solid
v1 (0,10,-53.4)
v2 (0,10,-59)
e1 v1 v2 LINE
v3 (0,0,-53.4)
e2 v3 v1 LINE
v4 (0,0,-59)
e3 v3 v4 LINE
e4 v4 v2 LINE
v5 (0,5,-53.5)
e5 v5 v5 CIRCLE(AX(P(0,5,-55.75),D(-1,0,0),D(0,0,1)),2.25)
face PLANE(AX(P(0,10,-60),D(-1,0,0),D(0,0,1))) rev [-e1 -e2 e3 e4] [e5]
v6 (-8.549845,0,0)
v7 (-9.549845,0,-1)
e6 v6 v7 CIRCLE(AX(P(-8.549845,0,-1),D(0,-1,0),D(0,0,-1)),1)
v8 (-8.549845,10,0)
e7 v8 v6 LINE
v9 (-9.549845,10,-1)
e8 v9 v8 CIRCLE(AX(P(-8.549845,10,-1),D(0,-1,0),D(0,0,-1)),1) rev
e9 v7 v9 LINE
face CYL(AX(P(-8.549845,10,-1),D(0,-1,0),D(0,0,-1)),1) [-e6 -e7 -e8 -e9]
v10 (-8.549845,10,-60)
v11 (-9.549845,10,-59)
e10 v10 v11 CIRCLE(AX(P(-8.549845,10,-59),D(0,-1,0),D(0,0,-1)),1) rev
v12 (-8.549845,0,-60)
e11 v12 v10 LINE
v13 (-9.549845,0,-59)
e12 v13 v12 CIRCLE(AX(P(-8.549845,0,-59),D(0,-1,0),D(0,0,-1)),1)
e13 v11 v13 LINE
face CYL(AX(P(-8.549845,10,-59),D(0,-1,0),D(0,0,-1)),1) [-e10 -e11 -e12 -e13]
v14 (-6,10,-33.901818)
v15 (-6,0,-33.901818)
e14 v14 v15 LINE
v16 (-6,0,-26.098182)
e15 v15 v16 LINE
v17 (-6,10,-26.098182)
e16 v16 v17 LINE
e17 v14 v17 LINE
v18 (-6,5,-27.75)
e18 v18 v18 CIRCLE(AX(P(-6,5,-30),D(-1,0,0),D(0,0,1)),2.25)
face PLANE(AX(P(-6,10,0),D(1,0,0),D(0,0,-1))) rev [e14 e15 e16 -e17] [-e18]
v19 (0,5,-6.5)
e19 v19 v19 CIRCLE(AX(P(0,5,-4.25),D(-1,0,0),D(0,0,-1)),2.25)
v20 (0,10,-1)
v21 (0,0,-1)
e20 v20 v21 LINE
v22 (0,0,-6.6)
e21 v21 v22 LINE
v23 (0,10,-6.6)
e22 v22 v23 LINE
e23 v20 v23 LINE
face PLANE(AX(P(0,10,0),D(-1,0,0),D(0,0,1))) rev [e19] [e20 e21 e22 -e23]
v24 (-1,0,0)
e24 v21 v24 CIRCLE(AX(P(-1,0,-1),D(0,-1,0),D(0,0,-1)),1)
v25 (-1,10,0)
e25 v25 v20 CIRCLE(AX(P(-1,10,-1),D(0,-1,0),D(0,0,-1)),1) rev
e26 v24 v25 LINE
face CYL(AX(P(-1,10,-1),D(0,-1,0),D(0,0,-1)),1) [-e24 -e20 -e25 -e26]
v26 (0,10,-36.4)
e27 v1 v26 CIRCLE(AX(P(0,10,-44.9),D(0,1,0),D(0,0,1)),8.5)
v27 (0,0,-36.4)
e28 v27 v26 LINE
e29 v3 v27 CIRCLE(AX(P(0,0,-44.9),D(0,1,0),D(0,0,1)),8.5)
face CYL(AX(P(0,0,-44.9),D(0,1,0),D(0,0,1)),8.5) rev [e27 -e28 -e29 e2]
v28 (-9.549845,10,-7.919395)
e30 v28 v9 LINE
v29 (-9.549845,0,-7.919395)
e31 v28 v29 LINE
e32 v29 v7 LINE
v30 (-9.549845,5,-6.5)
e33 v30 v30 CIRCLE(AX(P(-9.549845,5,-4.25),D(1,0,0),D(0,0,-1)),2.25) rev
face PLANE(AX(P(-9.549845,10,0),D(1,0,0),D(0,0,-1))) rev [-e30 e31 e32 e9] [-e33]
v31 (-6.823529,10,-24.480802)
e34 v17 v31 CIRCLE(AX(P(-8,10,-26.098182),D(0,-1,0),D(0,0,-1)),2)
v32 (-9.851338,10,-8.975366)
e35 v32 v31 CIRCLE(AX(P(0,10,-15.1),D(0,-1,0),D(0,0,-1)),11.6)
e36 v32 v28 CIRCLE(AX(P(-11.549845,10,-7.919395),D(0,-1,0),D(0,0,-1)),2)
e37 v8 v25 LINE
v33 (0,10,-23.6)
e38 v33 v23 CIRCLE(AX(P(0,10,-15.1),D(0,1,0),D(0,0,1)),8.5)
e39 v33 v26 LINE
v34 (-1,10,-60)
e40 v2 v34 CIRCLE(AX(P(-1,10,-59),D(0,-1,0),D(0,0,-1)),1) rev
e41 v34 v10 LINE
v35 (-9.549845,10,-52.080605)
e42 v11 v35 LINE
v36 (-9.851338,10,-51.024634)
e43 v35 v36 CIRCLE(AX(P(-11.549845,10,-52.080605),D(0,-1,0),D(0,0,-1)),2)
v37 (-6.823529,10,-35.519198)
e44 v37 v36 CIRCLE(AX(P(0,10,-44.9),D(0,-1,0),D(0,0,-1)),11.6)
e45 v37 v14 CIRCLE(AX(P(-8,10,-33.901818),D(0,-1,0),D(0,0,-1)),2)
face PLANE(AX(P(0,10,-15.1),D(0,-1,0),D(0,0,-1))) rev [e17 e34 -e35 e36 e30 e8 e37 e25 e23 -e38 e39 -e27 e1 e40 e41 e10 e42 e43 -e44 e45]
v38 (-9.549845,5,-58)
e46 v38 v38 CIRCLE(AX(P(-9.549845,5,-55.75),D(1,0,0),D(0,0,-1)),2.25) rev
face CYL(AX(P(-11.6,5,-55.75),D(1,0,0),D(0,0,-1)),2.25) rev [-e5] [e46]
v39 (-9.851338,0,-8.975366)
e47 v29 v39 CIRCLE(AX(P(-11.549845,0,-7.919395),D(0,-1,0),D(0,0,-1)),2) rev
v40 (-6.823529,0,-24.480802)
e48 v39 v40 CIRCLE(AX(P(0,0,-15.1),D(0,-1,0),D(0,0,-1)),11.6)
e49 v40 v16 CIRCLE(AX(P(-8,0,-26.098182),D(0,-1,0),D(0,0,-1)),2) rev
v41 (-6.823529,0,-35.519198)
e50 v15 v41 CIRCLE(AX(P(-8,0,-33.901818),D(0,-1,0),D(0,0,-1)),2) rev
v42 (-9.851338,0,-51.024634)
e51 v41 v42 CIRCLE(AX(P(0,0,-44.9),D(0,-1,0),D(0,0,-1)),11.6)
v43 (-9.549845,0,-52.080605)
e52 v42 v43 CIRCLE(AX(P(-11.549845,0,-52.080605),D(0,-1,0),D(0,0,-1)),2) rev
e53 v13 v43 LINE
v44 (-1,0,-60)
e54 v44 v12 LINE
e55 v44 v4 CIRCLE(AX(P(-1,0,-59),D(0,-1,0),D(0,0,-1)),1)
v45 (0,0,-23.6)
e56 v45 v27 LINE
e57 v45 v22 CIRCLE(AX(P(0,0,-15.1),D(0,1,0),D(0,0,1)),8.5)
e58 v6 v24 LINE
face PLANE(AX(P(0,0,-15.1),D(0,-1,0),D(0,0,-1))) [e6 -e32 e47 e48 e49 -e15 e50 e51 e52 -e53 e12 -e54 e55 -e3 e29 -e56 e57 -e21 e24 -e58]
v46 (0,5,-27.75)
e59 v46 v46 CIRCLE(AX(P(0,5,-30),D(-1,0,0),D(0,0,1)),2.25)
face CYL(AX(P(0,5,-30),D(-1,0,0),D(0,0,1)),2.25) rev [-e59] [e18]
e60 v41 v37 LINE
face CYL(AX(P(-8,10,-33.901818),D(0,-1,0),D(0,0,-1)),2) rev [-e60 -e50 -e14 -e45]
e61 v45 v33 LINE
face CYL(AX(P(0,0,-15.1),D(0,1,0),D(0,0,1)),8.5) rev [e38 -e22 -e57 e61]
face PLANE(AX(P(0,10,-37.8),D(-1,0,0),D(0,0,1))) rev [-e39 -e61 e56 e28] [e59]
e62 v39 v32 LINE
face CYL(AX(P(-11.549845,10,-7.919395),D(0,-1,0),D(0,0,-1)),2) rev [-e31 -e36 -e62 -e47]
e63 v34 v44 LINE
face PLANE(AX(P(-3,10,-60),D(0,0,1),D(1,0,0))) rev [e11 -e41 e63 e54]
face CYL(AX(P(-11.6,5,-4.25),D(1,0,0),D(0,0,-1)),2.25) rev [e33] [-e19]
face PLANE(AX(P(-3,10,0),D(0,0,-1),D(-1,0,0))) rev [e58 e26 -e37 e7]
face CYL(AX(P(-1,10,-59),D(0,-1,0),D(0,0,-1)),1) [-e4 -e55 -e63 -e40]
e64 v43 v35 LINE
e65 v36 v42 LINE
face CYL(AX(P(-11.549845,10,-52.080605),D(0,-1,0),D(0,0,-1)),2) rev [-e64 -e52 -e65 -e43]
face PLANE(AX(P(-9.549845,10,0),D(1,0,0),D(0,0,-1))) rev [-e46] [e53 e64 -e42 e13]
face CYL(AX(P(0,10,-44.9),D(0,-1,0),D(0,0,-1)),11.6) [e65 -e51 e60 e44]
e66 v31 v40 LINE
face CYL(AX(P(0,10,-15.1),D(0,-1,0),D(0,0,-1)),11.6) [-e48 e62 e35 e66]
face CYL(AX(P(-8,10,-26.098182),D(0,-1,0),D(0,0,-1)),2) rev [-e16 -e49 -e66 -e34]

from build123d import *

# Parameters (mm, degrees)
EXTRUDE_1_DEPTH     = 10
EXTRUDE_2_DEPTH     = 10
EXTRUDE_4_DEPTH     = 10
SKETCH_3_R          = 2.25
CUT_EXTRUDE_4_DEPTH = 12.6
SKETCH_4_R          = 2.25
CUT_EXTRUDE_2_DEPTH = 7
FILLET_2_R          = 1
EXTRUDE_3_DEPTH     = 10
CUT_EXTRUDE_3_DEPTH = 11
FILLET_3_R          = 1
FILLET_4_R          = 2


with BuildPart() as part:
    # Эскиз1 → Бобышка-Вытянуть1 (new body)
    with BuildSketch(Plane(origin=(0, 0, 0), x_dir=(1, 0, 0), z_dir=(0, 1, 0))):
        with BuildLine():
            Line((0, 0), (0, 8))
            ThreePointArc((0, 8), (-7.1, 15.1), (0, 22.2))
            Line((0, 22.2), (0, 37.8))
            ThreePointArc((0, 37.8), (-7.1, 44.9), (0, 52))
            Line((0, 52), (0, 60))
            Line((0, 60), (-3, 60))
            Line((-3, 60), (-3, 54.544169223))
            ThreePointArc((-3, 54.544169223), (-10.1, 44.9), (-3, 35.255830777))
            Line((-3, 35.255830777), (-3, 24.744169223))
            ThreePointArc((-3, 24.744169223), (-10.1, 15.1), (-3, 5.455830777))
            Line((-3, 5.455830777), (-3, 0))
            Line((-3, 0), (0, 0))
        make_face()
    extrude(amount=EXTRUDE_1_DEPTH)

    # Эскиз2 → Бобышка-Вытянуть2 (add)
    with BuildSketch(Plane(origin=(0, 10, 0), x_dir=(1, 0, 0), z_dir=(0, 1, 0))):
        with BuildLine():
            Line((-3, 60), (-8.049844719, 60))
            Line((-8.049844719, 60), (-8.049844719, 51))
            ThreePointArc((-8.049844719, 51), (-5.802159163, 53.167100402), (-3, 54.544169223))
            Line((-3, 54.544169223), (-3, 60))
        make_face()
        with BuildLine():
            Line((-3, 0), (-3, 5.455830777))
            ThreePointArc((-3, 5.455830777), (-5.802159163, 6.832899598), (-8.049844719, 9))
            Line((-8.049844719, 9), (-8.049844719, 0))
            Line((-8.049844719, 0), (-3, 0))
        make_face()
    extrude(amount=-EXTRUDE_2_DEPTH)

    # Эскиз9 → Бобышка-Вытянуть4 (add, through all)
    with BuildSketch(Plane.XZ):
        with BuildLine():
            Line((-6, -25.027738917), (-6, -34.972261083))
            ThreePointArc((-6, -34.972261083), (-11.340897297, -42.461958059), (-9.549844719, -51.484866426))
            Line((-9.549844719, -51.484866426), (-9.549844719, -60))
            Line((-9.549844719, -60), (-8.049844719, -60))
            Line((-8.049844719, -60), (-8.049844719, -51))
            ThreePointArc((-8.049844719, -51), (-9.617405222, -41.81527687), (-3, -35.255830777))
            Line((-3, -35.255830777), (-3, -24.744169223))
            ThreePointArc((-3, -24.744169223), (-9.617405222, -18.18472313), (-8.049844719, -9))
            Line((-8.049844719, -9), (-8.049844719, 0))
            Line((-8.049844719, 0), (-9.549844719, 0))
            Line((-9.549844719, 0), (-9.549844719, -8.515133574))
            ThreePointArc((-9.549844719, -8.515133574), (-11.340897297, -17.538041941), (-6, -25.027738917))
        make_face()
    extrude(amount=-EXTRUDE_4_DEPTH)

    # Эскиз3 → Вырез-Вытянуть4 (cut, through all)
    with BuildSketch(Plane.ZY):
        with Locations((-55.75, 5)):
            Circle(SKETCH_3_R)
        with Locations((-4.25, 5)):
            Circle(SKETCH_3_R)
    extrude(amount=CUT_EXTRUDE_4_DEPTH, mode=Mode.SUBTRACT)

    # Эскиз4 → Вырез-Вытянуть2 (cut, through all)
    with BuildSketch(Plane.ZY.offset(6)):
        with Locations((-30, 5)):
            Circle(SKETCH_4_R)
    extrude(amount=-CUT_EXTRUDE_2_DEPTH, mode=Mode.SUBTRACT)

    # Скругление2
    fillet_2_edges = [part.edges().sort_by_distance(p)[0] for p in [
        (0, 5, -60),
        (0, 5, 0),
    ]]
    fillet(fillet_2_edges, radius=FILLET_2_R)

    # Эскиз5 → Бобышка-Вытянуть3 (add, through all)
    with BuildSketch(Plane.XZ):
        with BuildLine():
            Line((0, -8), (0, -8.1))
            ThreePointArc((0, -8.1), (-7, -15.1), (0, -22.1))
            Line((0, -22.1), (0, -22.2))
            ThreePointArc((0, -22.2), (-7.1, -15.1), (0, -8))
        make_face()
        with BuildLine():
            Line((0, -51.9), (0, -52))
            ThreePointArc((0, -52), (-7.1, -44.9), (0, -37.8))
            Line((0, -37.8), (0, -37.9))
            ThreePointArc((0, -37.9), (-7, -44.9), (0, -51.9))
        make_face()
    extrude(amount=-EXTRUDE_3_DEPTH)

    # Эскиз7 → Вырез-Вытянуть3 (cut, through all)
    with BuildSketch(Plane(origin=(0, 10, 0), x_dir=(1, 0, 0), z_dir=(0, 1, 0))):
        with BuildLine():
            Line((0, 51.9), (0, 53.4))
            ThreePointArc((0, 53.4), (-8.5, 44.9), (0, 36.4))
            Line((0, 36.4), (0, 37.9))
            ThreePointArc((0, 37.9), (-7, 44.9), (0, 51.9))
        make_face()
        with BuildLine():
            Line((0, 22.1), (0, 23.6))
            ThreePointArc((0, 23.6), (-8.5, 15.1), (0, 6.6))
            Line((0, 6.6), (0, 8.1))
            ThreePointArc((0, 8.1), (-7, 15.1), (0, 22.1))
        make_face()
    extrude(amount=-CUT_EXTRUDE_3_DEPTH, mode=Mode.SUBTRACT)

    # Скругление3
    fillet_3_edges = [part.edges().sort_by_distance(p)[0] for p in [
        (-9.549844719, 5, 0),
        (-9.549844719, 5, -60),
    ]]
    fillet(fillet_3_edges, radius=FILLET_3_R)

    # Скругление4
    fillet_4_edges = [part.edges().sort_by_distance(p)[0] for p in [
        (-9.549844719, 5, -8.515133574),
        (-9.549844719, 5, -51.484866426),
        (-6, 5, -34.972261083),
        (-6, 5, -25.027738917),
    ]]
    fillet(fillet_4_edges, radius=FILLET_4_R)


solid = part.part
